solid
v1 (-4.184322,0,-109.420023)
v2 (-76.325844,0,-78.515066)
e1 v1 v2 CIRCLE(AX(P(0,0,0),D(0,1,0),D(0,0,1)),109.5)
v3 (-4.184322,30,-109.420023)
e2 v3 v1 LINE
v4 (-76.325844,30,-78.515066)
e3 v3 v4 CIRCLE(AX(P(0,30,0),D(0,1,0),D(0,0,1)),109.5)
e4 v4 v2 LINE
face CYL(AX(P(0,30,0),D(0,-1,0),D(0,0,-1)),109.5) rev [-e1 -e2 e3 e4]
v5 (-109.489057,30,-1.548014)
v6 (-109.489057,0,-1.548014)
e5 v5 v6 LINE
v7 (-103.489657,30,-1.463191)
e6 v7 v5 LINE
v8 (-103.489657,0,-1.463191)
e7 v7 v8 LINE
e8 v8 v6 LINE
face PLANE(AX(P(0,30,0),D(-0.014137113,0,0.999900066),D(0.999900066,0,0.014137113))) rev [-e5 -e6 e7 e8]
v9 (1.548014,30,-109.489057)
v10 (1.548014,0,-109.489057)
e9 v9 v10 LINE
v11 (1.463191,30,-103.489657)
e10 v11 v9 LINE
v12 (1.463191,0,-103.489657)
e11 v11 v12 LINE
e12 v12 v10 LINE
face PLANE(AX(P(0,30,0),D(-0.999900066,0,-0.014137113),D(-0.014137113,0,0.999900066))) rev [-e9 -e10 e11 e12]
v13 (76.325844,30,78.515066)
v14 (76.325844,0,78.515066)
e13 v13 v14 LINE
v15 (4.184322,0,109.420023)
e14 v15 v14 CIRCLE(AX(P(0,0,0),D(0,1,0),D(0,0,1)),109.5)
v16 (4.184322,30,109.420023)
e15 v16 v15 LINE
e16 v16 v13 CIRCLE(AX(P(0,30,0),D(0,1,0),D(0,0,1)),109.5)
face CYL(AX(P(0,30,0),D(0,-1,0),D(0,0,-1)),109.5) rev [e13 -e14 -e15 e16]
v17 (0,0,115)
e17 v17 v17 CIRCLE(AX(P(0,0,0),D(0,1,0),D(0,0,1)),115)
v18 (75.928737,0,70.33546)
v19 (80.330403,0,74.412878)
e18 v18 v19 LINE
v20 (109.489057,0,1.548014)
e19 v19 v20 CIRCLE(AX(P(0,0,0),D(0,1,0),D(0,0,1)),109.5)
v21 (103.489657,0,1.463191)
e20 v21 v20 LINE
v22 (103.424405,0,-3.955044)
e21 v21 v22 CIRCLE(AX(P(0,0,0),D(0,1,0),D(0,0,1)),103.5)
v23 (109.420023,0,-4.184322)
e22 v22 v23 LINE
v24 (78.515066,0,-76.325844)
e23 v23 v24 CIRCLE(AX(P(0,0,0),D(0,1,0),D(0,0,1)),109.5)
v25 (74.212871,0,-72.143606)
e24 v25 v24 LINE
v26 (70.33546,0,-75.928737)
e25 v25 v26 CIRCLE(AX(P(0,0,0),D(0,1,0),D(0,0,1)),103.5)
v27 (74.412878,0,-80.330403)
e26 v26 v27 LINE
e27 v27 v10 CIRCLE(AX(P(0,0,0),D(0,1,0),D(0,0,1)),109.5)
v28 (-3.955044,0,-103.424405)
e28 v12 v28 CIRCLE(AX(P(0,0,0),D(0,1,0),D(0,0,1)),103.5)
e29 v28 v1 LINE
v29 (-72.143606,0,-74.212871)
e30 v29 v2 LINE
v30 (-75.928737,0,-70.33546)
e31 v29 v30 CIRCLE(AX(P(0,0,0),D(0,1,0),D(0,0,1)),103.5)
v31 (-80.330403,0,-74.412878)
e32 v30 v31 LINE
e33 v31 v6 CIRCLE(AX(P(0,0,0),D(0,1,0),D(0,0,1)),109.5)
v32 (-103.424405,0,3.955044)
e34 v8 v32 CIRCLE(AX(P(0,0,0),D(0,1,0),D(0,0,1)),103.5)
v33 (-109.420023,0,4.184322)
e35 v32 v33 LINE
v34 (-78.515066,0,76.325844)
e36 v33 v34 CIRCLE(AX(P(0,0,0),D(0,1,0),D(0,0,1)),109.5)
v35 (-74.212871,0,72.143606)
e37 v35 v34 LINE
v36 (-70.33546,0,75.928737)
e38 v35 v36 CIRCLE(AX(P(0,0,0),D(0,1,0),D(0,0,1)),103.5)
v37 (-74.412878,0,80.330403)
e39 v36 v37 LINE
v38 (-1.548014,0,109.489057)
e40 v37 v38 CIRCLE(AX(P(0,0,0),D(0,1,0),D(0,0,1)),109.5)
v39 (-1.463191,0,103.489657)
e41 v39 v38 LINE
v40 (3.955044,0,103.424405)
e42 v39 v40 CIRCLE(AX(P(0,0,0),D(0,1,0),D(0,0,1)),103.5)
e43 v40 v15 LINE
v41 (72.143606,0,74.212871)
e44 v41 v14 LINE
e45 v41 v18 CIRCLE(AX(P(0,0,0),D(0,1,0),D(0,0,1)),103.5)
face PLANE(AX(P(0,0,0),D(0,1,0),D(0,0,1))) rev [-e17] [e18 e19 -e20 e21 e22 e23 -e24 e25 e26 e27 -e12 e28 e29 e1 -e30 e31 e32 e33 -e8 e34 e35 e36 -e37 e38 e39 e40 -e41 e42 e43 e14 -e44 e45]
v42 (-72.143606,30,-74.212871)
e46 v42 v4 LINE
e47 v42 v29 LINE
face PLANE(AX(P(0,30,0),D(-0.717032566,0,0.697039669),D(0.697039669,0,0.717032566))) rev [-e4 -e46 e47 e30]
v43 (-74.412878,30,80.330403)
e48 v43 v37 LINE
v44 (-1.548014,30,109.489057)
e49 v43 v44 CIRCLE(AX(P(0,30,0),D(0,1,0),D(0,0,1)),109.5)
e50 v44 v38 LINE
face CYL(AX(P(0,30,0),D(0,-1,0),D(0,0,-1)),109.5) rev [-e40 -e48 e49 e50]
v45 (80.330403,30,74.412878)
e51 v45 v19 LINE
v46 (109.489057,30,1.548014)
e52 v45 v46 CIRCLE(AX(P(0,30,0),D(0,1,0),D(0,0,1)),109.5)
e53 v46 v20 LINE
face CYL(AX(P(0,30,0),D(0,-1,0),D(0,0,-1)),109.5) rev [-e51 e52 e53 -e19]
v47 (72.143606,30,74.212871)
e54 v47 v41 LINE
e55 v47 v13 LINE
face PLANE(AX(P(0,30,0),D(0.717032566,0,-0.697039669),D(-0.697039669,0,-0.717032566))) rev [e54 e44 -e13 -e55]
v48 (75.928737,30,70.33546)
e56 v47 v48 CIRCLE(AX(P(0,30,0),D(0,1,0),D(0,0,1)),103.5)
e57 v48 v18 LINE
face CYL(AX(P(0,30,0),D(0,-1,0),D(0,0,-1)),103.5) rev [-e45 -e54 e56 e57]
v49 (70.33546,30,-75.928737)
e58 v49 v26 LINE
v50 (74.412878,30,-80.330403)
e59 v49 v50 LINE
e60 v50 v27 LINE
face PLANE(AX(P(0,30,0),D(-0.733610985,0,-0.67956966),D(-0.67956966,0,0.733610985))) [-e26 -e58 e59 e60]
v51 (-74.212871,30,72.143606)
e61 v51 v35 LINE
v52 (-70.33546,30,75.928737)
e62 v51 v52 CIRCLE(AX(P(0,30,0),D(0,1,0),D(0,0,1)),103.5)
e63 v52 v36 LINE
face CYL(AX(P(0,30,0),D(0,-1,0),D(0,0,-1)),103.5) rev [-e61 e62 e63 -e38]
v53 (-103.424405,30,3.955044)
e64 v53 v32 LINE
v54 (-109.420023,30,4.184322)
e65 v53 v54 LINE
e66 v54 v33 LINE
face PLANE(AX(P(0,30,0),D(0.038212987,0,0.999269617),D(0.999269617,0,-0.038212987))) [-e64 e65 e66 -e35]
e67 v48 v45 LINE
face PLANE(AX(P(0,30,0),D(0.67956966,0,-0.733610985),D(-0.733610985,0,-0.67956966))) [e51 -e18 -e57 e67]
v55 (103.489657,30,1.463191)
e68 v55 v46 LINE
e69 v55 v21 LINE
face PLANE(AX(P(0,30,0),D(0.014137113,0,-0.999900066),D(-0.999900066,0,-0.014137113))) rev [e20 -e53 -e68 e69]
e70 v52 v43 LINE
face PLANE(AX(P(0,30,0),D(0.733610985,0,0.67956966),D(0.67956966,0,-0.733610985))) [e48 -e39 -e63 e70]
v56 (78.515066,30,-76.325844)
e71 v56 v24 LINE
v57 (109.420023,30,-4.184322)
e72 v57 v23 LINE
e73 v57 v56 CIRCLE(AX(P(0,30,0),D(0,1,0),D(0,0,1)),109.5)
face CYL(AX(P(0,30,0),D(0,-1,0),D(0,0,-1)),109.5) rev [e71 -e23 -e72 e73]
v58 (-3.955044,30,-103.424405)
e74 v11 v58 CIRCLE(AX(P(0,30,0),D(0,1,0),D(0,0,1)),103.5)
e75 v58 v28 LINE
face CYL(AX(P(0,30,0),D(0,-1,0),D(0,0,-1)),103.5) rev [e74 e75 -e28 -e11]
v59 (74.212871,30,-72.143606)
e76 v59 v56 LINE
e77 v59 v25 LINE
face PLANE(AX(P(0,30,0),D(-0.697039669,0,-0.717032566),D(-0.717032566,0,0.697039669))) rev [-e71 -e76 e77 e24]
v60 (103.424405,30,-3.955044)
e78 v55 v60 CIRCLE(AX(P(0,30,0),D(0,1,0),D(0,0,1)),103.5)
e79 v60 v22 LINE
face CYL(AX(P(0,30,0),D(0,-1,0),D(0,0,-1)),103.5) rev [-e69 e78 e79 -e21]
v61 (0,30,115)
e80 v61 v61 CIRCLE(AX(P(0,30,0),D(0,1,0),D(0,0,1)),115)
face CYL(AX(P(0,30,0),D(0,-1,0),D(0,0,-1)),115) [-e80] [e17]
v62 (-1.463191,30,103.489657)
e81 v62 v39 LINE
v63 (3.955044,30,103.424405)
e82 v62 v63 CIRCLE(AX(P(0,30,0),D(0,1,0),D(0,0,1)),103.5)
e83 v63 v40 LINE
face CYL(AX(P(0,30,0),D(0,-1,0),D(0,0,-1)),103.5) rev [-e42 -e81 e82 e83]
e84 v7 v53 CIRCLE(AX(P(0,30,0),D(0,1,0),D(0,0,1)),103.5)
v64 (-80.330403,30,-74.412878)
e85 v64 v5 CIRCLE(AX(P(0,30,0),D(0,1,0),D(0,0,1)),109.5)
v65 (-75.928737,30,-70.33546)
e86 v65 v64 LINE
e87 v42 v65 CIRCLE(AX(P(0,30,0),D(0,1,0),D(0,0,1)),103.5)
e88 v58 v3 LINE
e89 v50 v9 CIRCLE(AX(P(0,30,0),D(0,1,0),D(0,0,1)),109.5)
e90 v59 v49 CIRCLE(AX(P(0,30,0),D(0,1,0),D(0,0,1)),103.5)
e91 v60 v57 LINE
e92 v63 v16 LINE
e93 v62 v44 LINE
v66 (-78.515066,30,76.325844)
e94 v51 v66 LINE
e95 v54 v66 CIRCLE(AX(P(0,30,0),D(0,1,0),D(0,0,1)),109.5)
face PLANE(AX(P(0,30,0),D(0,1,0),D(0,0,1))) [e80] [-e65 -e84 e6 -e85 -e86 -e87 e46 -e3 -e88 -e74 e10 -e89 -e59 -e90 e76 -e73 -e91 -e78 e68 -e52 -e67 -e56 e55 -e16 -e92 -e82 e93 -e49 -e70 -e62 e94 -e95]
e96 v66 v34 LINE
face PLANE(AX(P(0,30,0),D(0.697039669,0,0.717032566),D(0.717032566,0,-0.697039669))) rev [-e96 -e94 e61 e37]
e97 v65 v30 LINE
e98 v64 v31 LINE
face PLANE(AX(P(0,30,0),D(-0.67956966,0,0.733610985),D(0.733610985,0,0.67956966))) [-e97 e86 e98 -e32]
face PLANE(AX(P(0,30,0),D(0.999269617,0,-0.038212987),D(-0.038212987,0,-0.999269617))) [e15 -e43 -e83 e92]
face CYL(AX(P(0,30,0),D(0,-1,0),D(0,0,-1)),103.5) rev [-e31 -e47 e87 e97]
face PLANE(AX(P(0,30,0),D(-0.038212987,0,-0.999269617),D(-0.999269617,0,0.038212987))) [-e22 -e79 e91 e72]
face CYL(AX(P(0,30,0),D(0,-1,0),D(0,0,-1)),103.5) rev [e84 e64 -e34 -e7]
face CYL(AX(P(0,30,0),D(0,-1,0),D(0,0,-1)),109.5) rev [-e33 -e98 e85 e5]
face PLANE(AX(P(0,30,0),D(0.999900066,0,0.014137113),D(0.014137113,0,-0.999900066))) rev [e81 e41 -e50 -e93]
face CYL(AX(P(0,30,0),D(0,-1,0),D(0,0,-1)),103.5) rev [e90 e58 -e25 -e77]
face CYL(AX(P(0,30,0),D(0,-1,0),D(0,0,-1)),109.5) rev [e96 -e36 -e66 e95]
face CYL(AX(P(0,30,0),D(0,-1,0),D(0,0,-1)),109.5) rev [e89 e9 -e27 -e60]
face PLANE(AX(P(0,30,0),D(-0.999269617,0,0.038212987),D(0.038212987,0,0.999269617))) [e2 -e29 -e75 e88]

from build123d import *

# Parameters (mm, degrees)
SKETCH1_R           = 115
BOSS_EXTRUDE1_DEPTH = 30


with BuildPart() as part:
    # Sketch1 → Boss-Extrude1 (new body)
    with BuildSketch(Plane(origin=(0, 0, 0), x_dir=(1, 0, 0), z_dir=(0, 1, 0))):
        Circle(SKETCH1_R)
        with BuildLine():
            ThreePointArc((-3.955044182, 103.424405367), (-1.246353574, 103.492495393), (1.463191222, 103.489656833))
            Line((1.463191222, 103.489656833), (1.548013902, 109.489057229))
            ThreePointArc((1.548013902, 109.489057229), (40.682564415, 101.662082177), (74.412877774, 80.330402846))
            Line((74.412877774, 80.330402846), (70.335459814, 75.928736936))
            ThreePointArc((70.335459814, 75.928736936), (72.29894023, 74.061550359), (74.212870565, 72.143605694))
            Line((74.212870565, 72.143605694), (78.51506596, 76.325843705))
            ThreePointArc((78.51506596, 76.325843705), (100.652864871, 43.119030523), (109.420023069, 4.184322106))
            Line((109.420023069, 4.184322106), (103.424405367, 3.955044182))
            ThreePointArc((103.424405367, 3.955044182), (103.481099616, 1.977883277), (103.5, 0))
            ThreePointArc((103.5, 0), (103.497414176, -0.73161389), (103.489656833, -1.463191222))
            Line((103.489656833, -1.463191222), (109.489057229, -1.548013902))
            ThreePointArc((109.489057229, -1.548013902), (101.662082177, -40.682564415), (80.330402846, -74.412877774))
            Line((80.330402846, -74.412877774), (75.928736936, -70.335459814))
            ThreePointArc((75.928736936, -70.335459814), (74.061550359, -72.29894023), (72.143605694, -74.212870565))
            Line((72.143605694, -74.212870565), (76.325843705, -78.51506596))
            ThreePointArc((76.325843705, -78.51506596), (43.119030523, -100.652864871), (4.184322106, -109.420023069))
            Line((4.184322106, -109.420023069), (3.955044182, -103.424405367))
            ThreePointArc((3.955044182, -103.424405367), (1.246353574, -103.492495393), (-1.463191222, -103.489656833))
            Line((-1.463191222, -103.489656833), (-1.548013902, -109.489057229))
            ThreePointArc((-1.548013902, -109.489057229), (-40.682564415, -101.662082177), (-74.412877774, -80.330402846))
            Line((-74.412877774, -80.330402846), (-70.335459814, -75.928736936))
            ThreePointArc((-70.335459814, -75.928736936), (-72.29894023, -74.061550359), (-74.212870565, -72.143605694))
            Line((-74.212870565, -72.143605694), (-78.51506596, -76.325843705))
            ThreePointArc((-78.51506596, -76.325843705), (-100.652864871, -43.119030523), (-109.420023069, -4.184322106))
            Line((-109.420023069, -4.184322106), (-103.424405367, -3.955044182))
            ThreePointArc((-103.424405367, -3.955044182), (-103.492495393, -1.246353574), (-103.489656833, 1.463191222))
            Line((-103.489656833, 1.463191222), (-109.489057229, 1.548013902))
            ThreePointArc((-109.489057229, 1.548013902), (-101.662082177, 40.682564415), (-80.330402846, 74.412877774))
            Line((-80.330402846, 74.412877774), (-75.928736936, 70.335459814))
            ThreePointArc((-75.928736936, 70.335459814), (-74.061550359, 72.29894023), (-72.143605694, 74.212870565))
            Line((-72.143605694, 74.212870565), (-76.325843705, 78.51506596))
            ThreePointArc((-76.325843705, 78.51506596), (-43.119030523, 100.652864871), (-4.184322106, 109.420023069))
            Line((-4.184322106, 109.420023069), (-3.955044182, 103.424405367))
        make_face(mode=Mode.SUBTRACT)
    extrude(amount=BOSS_EXTRUDE1_DEPTH)


solid = part.part
